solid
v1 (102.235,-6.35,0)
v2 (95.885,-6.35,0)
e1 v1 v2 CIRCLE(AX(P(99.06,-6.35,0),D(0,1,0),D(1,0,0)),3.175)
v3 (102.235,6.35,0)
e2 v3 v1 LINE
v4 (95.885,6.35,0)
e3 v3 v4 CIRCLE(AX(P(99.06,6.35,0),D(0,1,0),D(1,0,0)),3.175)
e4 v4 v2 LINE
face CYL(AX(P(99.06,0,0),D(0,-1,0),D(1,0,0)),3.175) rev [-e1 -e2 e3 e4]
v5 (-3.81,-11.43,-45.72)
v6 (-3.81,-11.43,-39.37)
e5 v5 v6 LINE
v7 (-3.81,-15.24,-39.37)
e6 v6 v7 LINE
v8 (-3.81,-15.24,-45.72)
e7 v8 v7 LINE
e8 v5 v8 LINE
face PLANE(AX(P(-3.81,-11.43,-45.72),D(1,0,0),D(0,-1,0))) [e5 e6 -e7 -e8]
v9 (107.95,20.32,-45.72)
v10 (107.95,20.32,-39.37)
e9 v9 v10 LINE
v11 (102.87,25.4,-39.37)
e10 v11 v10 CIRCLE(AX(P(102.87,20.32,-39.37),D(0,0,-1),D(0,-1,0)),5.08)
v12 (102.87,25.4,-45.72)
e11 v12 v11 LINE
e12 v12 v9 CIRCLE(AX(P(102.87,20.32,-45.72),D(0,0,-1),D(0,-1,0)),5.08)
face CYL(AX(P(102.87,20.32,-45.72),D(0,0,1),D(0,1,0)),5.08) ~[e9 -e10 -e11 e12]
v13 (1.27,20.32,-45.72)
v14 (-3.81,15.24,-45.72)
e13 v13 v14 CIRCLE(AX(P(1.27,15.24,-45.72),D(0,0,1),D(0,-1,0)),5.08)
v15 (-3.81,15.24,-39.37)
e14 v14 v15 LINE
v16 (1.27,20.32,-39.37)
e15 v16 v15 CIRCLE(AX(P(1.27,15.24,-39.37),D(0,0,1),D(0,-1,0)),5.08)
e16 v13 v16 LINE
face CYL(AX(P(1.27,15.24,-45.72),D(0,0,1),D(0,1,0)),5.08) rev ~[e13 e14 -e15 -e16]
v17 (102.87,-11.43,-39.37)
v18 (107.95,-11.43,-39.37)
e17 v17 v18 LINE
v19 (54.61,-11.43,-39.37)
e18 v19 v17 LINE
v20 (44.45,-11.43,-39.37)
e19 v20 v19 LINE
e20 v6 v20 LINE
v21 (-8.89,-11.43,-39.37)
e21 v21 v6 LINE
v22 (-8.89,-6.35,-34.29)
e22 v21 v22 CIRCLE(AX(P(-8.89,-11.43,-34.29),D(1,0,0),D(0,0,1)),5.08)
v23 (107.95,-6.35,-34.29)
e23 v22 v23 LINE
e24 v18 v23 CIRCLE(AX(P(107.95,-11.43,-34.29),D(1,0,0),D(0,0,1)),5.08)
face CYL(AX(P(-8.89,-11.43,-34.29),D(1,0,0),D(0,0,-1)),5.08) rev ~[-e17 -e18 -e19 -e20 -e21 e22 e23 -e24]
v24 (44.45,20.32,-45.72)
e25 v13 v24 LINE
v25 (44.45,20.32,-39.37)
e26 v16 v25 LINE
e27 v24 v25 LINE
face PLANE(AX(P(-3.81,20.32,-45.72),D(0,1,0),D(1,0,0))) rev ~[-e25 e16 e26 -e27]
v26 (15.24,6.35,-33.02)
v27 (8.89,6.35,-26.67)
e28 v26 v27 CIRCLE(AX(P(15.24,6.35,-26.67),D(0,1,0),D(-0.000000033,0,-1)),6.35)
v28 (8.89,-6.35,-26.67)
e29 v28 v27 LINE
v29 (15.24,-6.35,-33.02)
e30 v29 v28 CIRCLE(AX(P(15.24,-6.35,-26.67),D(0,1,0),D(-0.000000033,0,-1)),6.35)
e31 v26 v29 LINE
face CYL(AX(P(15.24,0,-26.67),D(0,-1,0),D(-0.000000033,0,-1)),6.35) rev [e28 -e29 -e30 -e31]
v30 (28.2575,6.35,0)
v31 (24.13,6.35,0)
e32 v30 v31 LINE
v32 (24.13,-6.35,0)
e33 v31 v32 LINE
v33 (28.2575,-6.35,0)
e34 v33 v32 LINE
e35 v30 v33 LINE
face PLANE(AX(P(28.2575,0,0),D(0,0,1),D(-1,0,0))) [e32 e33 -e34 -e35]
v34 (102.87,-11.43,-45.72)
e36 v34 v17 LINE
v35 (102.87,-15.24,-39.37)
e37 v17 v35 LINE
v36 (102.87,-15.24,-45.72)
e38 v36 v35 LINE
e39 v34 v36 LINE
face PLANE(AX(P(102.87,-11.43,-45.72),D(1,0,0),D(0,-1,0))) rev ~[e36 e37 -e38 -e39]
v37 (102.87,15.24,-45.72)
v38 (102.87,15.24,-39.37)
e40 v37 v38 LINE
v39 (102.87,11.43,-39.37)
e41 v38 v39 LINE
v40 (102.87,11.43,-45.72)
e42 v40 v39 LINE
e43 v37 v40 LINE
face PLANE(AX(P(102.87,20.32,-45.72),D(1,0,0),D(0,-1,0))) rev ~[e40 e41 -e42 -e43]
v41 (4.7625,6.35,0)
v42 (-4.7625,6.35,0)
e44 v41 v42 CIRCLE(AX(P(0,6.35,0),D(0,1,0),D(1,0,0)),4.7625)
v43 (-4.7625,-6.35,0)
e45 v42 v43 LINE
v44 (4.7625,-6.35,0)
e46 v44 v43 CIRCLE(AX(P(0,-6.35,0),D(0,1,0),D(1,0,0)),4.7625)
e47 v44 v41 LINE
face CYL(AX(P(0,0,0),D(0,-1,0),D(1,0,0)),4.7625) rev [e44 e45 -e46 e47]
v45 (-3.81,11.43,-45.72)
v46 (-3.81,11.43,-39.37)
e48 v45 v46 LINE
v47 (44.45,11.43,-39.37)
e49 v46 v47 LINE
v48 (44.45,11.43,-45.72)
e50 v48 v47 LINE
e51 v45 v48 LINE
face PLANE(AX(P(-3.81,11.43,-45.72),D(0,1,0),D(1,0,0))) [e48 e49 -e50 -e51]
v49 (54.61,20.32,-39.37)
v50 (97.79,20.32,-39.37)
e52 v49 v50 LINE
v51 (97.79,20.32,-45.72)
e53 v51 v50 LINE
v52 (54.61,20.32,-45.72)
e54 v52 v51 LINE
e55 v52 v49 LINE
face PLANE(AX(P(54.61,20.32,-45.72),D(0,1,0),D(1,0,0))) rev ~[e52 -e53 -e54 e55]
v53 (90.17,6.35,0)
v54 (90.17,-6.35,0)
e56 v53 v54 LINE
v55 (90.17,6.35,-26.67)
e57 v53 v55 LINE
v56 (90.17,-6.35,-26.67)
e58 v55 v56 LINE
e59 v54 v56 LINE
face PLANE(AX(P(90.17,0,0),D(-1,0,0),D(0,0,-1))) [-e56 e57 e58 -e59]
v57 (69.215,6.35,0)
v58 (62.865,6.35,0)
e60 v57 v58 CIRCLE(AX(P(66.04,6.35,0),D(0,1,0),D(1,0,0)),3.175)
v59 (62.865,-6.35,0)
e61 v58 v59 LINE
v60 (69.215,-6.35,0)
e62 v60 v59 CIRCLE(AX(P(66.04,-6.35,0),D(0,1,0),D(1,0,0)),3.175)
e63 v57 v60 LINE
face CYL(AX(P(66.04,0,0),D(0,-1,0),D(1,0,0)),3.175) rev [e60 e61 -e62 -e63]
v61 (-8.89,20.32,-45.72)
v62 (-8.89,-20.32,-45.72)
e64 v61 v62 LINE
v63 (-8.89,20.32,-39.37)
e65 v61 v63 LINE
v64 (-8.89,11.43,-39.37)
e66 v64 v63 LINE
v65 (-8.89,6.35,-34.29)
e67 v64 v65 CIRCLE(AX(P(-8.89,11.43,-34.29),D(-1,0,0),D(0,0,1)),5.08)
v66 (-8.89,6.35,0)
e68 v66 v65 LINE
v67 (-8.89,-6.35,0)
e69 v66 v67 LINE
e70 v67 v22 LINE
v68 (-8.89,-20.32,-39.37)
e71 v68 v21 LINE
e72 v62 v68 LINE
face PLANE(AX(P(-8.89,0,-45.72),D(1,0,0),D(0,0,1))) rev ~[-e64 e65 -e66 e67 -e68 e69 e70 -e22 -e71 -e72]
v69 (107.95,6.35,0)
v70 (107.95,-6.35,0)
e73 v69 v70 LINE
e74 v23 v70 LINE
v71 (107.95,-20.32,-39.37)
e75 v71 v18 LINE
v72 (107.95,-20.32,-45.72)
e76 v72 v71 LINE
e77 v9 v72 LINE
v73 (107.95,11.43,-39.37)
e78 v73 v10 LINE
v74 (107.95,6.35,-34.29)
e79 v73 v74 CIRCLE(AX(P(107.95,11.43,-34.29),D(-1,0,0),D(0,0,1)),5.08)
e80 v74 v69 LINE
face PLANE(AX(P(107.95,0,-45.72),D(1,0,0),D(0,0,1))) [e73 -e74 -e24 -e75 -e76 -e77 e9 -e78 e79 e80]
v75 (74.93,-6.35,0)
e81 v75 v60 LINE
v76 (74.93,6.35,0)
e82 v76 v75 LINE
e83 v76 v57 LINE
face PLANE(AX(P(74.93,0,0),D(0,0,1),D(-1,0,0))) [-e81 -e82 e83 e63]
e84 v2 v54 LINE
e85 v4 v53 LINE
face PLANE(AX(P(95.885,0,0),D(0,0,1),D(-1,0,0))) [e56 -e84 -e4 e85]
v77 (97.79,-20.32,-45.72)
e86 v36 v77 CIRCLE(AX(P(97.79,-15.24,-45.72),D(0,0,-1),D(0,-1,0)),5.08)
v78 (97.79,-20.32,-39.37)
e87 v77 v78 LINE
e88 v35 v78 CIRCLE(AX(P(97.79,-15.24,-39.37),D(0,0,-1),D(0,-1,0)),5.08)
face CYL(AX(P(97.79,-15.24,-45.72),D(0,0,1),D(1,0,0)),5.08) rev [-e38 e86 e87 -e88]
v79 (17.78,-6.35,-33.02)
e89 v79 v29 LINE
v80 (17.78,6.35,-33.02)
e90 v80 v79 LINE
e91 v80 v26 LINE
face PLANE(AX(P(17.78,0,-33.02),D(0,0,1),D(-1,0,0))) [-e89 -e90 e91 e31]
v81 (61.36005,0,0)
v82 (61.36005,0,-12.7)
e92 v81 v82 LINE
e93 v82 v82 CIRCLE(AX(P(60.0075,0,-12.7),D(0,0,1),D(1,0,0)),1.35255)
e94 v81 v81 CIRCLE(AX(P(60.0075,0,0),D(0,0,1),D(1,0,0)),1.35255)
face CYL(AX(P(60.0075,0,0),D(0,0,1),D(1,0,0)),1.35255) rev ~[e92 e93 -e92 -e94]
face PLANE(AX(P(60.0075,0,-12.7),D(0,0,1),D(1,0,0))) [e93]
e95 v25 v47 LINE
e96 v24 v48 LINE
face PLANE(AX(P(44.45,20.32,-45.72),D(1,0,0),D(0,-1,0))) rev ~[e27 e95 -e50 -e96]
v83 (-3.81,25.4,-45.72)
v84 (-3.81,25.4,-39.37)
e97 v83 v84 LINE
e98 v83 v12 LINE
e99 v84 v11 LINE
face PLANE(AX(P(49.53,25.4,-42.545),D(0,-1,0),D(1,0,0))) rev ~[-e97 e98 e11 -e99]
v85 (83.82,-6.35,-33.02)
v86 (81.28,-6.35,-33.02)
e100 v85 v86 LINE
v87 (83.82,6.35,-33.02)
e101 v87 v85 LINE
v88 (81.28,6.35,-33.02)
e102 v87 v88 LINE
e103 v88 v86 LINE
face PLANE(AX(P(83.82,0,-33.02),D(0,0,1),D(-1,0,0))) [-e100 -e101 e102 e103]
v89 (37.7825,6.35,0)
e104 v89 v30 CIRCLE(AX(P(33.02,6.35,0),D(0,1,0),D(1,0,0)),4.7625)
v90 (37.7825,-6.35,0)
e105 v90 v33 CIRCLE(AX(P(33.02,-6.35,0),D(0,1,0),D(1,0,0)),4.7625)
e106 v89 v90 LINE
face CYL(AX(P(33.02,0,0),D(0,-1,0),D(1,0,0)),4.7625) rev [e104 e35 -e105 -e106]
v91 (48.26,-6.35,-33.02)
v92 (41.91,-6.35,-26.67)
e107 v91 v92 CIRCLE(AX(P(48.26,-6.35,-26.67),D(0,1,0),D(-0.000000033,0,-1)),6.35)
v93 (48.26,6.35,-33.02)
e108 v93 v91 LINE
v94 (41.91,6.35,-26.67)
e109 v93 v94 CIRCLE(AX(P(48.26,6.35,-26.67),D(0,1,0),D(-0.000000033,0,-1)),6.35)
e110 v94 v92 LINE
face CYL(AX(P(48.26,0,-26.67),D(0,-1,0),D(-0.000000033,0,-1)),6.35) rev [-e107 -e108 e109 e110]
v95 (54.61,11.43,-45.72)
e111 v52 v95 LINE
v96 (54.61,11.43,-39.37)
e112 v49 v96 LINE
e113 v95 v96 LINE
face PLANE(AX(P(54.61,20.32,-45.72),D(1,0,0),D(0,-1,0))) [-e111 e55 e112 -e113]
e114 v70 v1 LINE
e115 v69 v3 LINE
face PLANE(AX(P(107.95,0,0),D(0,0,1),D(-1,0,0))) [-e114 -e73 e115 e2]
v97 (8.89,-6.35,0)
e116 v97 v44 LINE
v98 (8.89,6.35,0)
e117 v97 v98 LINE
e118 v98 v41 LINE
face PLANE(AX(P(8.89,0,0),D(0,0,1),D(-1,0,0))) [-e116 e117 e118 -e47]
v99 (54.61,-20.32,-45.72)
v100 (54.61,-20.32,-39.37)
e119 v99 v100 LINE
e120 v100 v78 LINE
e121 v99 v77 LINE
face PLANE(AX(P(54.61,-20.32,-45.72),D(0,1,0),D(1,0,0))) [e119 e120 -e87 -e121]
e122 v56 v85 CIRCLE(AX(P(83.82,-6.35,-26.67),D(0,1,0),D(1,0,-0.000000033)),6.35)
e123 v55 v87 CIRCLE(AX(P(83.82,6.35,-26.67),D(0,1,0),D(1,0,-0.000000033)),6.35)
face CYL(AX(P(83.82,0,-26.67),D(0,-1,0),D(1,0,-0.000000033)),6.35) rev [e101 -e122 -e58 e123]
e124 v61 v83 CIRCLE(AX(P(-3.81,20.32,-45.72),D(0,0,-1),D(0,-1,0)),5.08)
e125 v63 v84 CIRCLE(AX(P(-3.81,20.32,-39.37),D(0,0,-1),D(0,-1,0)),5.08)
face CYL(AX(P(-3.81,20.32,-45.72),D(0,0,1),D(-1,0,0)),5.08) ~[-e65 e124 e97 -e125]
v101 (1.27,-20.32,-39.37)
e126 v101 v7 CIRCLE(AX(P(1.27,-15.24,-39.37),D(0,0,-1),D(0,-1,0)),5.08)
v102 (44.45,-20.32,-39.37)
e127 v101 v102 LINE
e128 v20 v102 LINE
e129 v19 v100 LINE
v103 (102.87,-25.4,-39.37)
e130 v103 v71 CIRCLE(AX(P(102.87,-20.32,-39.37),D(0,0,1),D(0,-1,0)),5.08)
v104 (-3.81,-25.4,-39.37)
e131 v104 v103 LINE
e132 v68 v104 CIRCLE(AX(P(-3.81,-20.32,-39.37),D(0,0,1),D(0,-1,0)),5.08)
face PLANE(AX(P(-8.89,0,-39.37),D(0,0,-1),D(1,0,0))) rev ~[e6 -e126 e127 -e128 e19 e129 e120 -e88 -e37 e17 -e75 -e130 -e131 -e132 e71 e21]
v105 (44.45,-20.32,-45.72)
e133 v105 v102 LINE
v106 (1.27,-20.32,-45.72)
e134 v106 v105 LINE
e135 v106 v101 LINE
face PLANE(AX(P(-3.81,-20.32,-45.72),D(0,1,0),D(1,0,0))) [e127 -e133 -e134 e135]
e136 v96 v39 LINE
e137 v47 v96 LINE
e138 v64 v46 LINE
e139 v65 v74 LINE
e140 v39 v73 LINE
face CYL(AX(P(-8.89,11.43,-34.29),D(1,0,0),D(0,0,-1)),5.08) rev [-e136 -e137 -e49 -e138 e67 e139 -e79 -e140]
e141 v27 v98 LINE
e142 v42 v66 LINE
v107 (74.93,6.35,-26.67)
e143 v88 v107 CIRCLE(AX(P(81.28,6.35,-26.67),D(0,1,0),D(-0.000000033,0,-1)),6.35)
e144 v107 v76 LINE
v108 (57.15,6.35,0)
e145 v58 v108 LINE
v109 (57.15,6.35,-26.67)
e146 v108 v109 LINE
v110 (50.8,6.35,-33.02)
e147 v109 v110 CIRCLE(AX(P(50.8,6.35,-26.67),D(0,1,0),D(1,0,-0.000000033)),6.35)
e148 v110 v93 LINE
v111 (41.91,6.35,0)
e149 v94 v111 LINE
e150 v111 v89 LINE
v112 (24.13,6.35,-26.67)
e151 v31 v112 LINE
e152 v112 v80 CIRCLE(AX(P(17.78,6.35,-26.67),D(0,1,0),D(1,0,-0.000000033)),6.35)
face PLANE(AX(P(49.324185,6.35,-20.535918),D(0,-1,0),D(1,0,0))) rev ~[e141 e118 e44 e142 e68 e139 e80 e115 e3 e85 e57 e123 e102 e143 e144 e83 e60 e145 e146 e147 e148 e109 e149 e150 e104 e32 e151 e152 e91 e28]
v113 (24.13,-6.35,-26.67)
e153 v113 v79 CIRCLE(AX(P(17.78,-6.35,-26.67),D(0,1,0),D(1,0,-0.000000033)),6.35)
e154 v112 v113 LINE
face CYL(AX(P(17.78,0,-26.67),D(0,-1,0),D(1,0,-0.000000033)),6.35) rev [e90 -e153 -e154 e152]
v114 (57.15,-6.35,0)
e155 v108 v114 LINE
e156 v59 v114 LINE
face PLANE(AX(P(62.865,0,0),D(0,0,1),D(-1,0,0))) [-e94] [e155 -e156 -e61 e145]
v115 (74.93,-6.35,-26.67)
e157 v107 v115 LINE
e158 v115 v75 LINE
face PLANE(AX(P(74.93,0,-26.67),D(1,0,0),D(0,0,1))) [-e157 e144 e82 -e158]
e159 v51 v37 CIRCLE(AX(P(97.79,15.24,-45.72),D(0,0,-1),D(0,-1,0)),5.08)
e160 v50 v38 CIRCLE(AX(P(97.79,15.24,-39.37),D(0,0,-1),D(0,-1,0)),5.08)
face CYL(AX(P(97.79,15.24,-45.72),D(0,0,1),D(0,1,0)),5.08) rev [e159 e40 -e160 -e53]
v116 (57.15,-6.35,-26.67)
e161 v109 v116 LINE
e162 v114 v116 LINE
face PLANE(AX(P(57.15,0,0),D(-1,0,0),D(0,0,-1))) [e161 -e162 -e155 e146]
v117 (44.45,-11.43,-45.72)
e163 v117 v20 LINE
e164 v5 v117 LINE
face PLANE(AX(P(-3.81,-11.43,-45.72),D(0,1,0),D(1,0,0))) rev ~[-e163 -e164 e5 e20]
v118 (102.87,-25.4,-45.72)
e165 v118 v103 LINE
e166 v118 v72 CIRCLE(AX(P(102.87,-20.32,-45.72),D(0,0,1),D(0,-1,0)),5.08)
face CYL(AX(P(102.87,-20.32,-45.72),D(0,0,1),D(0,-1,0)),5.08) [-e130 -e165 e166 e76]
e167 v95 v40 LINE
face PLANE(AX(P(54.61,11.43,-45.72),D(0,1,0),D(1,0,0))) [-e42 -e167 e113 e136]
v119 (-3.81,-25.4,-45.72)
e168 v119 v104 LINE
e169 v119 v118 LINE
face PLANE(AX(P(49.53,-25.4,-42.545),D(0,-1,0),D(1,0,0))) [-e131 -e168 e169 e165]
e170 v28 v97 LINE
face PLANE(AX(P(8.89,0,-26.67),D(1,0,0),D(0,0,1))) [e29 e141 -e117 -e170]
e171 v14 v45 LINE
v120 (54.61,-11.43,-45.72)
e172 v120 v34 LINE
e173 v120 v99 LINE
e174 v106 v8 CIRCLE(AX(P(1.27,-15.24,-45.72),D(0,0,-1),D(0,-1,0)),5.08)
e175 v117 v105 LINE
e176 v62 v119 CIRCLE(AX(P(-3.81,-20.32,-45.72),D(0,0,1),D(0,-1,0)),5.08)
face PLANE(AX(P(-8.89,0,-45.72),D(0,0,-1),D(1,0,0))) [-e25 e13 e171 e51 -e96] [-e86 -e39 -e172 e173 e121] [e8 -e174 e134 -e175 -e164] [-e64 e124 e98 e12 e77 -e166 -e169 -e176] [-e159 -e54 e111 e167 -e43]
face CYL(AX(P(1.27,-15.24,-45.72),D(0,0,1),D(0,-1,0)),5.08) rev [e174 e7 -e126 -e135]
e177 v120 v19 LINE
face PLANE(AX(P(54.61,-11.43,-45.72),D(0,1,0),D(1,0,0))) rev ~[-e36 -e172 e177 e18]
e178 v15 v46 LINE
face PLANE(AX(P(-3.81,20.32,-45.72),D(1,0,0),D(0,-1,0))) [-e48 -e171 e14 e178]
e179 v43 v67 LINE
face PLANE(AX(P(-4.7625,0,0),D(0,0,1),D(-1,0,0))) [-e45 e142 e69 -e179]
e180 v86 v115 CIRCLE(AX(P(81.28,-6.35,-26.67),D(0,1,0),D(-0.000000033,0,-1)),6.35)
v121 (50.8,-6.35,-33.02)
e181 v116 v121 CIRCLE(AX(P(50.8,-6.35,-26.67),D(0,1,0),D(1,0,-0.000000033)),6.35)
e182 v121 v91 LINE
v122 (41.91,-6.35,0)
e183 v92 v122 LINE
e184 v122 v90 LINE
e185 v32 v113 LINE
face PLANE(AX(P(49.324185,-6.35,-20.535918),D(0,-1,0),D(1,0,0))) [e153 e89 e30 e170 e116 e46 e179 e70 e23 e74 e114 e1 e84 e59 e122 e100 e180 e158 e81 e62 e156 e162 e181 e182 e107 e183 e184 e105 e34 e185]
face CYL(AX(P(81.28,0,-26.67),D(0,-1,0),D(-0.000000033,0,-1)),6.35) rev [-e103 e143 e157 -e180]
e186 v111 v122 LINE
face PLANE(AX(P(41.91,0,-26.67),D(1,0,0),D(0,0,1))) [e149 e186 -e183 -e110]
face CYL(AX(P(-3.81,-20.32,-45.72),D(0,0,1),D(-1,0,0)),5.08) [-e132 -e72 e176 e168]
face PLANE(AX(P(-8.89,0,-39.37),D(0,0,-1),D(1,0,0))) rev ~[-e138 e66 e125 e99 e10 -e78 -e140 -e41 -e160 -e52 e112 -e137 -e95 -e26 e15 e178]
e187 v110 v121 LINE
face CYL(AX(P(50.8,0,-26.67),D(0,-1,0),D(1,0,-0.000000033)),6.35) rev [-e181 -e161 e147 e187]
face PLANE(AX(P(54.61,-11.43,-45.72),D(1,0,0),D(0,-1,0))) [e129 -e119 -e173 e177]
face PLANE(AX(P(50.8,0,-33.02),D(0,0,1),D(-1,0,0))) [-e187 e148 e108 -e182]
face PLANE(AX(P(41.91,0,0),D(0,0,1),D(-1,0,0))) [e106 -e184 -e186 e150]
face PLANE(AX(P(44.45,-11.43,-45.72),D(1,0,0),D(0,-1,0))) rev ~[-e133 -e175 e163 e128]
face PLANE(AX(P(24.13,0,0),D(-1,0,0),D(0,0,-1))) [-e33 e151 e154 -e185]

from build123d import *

# Parameters (mm, degrees)
F1_DEPTH = 6.35
F0_W     = 116.84
F0_H     = 6.35
F2_DEPTH = 25.4
F3_R     = 5.08
F4_W     = 48.26
F4_H     = 8.89
F5_DEPTH = 25.4
F6_R     = 5.08
F7_R     = 1.35255
F8_DEPTH = 12.7


with BuildPart() as f1:
    # F0 (on Front) → F1 (new body, symmetric)
    with BuildSketch(Plane.XZ):
        with BuildLine():
            ThreePointArc((4.7625, 0), (0, -4.7625), (-4.7625, 0))
            Line((-4.7625, 0), (-8.89, 0))
            Line((-8.89, 0), (-8.89, -39.37))
            Line((-8.89, -39.37), (107.95, -39.37))
            Line((107.95, -39.37), (107.95, 0))
            Line((107.95, 0), (102.235, 0))
            ThreePointArc((102.235, 0), (99.06, -3.175), (95.885, 0))
            Line((95.885, 0), (90.17, 0))
            Line((90.17, 0), (90.17, -26.67))
            ThreePointArc((90.17, -26.67), (88.310128, -31.160128), (83.82, -33.02))
            Line((83.82, -33.02), (81.28, -33.02))
            ThreePointArc((81.28, -33.02), (76.789872, -31.160128), (74.93, -26.67))
            Line((74.93, -26.67), (74.93, 0))
            Line((74.93, 0), (69.215, 0))
            ThreePointArc((69.215, 0), (66.04, -3.175), (62.865, 0))
            Line((62.865, 0), (57.15, 0))
            Line((57.15, 0), (57.15, -26.67))
            ThreePointArc((57.15, -26.67), (55.290128, -31.160128), (50.8, -33.02))
            Line((50.8, -33.02), (48.26, -33.02))
            ThreePointArc((48.26, -33.02), (43.769872, -31.160128), (41.91, -26.67))
            Line((41.91, -26.67), (41.91, 0))
            Line((41.91, 0), (37.7825, 0))
            ThreePointArc((37.7825, 0), (33.02, -4.7625), (28.2575, 0))
            Line((28.2575, 0), (24.13, 0))
            Line((24.13, 0), (24.13, -26.67))
            ThreePointArc((24.13, -26.67), (22.270128, -31.160128), (17.78, -33.02))
            Line((17.78, -33.02), (15.24, -33.02))
            ThreePointArc((15.24, -33.02), (10.749872, -31.160128), (8.89, -26.67))
            Line((8.89, -26.67), (8.89, 0))
            Line((8.89, 0), (4.7625, 0))
        make_face()
    extrude(amount=F1_DEPTH, both=True)

    # F0 (on Front) → F2 (join, symmetric)
    with BuildSketch(Plane.XZ):
        with Locations((49.53, -42.545)):
            Rectangle(F0_W, F0_H)
    extrude(amount=F2_DEPTH, both=True)

    # F3
    f3_edges = [f1.edges().sort_by_distance(p)[0] for p in [
        (49.53, -6.35, -39.37),
        (49.53, 6.35, -39.37),
        (107.95, -25.4, -42.545),
        (-8.89, -25.4, -42.545),
        (107.95, 25.4, -42.545),
        (-8.89, 25.4, -42.545),
    ]]
    fillet(f3_edges, radius=F3_R)

    # F4 (on face) → F5 (cut)
    with BuildSketch(Plane(origin=(0, 0, -45.72), x_dir=(1, 0, 0), z_dir=(0, 0, -1))):
        with Locations((20.32, 15.875)):
            Rectangle(F4_W, F4_H)
        with Locations((78.74, 15.875)):
            Rectangle(F4_W, F4_H)
        with Locations((78.74, -15.875)):
            Rectangle(F4_W, F4_H)
        with Locations((20.32, -15.875)):
            Rectangle(F4_W, F4_H)
    extrude(amount=-F5_DEPTH, mode=Mode.SUBTRACT)

    # F6
    f6_edges = [f1.edges().sort_by_distance(p)[0] for p in [
        (-3.81, 20.32, -42.545),
        (102.87, 20.32, -42.545),
        (-3.81, -20.32, -42.545),
        (102.87, -20.32, -42.545),
    ]]
    fillet(f6_edges, radius=F6_R)

    # F7 (on face) → F8 (cut)
    with BuildSketch(Plane.XY):
        with Locations((60.0075, 0)):
            Circle(F7_R)
    extrude(amount=-F8_DEPTH, mode=Mode.SUBTRACT)


solid = f1.part
